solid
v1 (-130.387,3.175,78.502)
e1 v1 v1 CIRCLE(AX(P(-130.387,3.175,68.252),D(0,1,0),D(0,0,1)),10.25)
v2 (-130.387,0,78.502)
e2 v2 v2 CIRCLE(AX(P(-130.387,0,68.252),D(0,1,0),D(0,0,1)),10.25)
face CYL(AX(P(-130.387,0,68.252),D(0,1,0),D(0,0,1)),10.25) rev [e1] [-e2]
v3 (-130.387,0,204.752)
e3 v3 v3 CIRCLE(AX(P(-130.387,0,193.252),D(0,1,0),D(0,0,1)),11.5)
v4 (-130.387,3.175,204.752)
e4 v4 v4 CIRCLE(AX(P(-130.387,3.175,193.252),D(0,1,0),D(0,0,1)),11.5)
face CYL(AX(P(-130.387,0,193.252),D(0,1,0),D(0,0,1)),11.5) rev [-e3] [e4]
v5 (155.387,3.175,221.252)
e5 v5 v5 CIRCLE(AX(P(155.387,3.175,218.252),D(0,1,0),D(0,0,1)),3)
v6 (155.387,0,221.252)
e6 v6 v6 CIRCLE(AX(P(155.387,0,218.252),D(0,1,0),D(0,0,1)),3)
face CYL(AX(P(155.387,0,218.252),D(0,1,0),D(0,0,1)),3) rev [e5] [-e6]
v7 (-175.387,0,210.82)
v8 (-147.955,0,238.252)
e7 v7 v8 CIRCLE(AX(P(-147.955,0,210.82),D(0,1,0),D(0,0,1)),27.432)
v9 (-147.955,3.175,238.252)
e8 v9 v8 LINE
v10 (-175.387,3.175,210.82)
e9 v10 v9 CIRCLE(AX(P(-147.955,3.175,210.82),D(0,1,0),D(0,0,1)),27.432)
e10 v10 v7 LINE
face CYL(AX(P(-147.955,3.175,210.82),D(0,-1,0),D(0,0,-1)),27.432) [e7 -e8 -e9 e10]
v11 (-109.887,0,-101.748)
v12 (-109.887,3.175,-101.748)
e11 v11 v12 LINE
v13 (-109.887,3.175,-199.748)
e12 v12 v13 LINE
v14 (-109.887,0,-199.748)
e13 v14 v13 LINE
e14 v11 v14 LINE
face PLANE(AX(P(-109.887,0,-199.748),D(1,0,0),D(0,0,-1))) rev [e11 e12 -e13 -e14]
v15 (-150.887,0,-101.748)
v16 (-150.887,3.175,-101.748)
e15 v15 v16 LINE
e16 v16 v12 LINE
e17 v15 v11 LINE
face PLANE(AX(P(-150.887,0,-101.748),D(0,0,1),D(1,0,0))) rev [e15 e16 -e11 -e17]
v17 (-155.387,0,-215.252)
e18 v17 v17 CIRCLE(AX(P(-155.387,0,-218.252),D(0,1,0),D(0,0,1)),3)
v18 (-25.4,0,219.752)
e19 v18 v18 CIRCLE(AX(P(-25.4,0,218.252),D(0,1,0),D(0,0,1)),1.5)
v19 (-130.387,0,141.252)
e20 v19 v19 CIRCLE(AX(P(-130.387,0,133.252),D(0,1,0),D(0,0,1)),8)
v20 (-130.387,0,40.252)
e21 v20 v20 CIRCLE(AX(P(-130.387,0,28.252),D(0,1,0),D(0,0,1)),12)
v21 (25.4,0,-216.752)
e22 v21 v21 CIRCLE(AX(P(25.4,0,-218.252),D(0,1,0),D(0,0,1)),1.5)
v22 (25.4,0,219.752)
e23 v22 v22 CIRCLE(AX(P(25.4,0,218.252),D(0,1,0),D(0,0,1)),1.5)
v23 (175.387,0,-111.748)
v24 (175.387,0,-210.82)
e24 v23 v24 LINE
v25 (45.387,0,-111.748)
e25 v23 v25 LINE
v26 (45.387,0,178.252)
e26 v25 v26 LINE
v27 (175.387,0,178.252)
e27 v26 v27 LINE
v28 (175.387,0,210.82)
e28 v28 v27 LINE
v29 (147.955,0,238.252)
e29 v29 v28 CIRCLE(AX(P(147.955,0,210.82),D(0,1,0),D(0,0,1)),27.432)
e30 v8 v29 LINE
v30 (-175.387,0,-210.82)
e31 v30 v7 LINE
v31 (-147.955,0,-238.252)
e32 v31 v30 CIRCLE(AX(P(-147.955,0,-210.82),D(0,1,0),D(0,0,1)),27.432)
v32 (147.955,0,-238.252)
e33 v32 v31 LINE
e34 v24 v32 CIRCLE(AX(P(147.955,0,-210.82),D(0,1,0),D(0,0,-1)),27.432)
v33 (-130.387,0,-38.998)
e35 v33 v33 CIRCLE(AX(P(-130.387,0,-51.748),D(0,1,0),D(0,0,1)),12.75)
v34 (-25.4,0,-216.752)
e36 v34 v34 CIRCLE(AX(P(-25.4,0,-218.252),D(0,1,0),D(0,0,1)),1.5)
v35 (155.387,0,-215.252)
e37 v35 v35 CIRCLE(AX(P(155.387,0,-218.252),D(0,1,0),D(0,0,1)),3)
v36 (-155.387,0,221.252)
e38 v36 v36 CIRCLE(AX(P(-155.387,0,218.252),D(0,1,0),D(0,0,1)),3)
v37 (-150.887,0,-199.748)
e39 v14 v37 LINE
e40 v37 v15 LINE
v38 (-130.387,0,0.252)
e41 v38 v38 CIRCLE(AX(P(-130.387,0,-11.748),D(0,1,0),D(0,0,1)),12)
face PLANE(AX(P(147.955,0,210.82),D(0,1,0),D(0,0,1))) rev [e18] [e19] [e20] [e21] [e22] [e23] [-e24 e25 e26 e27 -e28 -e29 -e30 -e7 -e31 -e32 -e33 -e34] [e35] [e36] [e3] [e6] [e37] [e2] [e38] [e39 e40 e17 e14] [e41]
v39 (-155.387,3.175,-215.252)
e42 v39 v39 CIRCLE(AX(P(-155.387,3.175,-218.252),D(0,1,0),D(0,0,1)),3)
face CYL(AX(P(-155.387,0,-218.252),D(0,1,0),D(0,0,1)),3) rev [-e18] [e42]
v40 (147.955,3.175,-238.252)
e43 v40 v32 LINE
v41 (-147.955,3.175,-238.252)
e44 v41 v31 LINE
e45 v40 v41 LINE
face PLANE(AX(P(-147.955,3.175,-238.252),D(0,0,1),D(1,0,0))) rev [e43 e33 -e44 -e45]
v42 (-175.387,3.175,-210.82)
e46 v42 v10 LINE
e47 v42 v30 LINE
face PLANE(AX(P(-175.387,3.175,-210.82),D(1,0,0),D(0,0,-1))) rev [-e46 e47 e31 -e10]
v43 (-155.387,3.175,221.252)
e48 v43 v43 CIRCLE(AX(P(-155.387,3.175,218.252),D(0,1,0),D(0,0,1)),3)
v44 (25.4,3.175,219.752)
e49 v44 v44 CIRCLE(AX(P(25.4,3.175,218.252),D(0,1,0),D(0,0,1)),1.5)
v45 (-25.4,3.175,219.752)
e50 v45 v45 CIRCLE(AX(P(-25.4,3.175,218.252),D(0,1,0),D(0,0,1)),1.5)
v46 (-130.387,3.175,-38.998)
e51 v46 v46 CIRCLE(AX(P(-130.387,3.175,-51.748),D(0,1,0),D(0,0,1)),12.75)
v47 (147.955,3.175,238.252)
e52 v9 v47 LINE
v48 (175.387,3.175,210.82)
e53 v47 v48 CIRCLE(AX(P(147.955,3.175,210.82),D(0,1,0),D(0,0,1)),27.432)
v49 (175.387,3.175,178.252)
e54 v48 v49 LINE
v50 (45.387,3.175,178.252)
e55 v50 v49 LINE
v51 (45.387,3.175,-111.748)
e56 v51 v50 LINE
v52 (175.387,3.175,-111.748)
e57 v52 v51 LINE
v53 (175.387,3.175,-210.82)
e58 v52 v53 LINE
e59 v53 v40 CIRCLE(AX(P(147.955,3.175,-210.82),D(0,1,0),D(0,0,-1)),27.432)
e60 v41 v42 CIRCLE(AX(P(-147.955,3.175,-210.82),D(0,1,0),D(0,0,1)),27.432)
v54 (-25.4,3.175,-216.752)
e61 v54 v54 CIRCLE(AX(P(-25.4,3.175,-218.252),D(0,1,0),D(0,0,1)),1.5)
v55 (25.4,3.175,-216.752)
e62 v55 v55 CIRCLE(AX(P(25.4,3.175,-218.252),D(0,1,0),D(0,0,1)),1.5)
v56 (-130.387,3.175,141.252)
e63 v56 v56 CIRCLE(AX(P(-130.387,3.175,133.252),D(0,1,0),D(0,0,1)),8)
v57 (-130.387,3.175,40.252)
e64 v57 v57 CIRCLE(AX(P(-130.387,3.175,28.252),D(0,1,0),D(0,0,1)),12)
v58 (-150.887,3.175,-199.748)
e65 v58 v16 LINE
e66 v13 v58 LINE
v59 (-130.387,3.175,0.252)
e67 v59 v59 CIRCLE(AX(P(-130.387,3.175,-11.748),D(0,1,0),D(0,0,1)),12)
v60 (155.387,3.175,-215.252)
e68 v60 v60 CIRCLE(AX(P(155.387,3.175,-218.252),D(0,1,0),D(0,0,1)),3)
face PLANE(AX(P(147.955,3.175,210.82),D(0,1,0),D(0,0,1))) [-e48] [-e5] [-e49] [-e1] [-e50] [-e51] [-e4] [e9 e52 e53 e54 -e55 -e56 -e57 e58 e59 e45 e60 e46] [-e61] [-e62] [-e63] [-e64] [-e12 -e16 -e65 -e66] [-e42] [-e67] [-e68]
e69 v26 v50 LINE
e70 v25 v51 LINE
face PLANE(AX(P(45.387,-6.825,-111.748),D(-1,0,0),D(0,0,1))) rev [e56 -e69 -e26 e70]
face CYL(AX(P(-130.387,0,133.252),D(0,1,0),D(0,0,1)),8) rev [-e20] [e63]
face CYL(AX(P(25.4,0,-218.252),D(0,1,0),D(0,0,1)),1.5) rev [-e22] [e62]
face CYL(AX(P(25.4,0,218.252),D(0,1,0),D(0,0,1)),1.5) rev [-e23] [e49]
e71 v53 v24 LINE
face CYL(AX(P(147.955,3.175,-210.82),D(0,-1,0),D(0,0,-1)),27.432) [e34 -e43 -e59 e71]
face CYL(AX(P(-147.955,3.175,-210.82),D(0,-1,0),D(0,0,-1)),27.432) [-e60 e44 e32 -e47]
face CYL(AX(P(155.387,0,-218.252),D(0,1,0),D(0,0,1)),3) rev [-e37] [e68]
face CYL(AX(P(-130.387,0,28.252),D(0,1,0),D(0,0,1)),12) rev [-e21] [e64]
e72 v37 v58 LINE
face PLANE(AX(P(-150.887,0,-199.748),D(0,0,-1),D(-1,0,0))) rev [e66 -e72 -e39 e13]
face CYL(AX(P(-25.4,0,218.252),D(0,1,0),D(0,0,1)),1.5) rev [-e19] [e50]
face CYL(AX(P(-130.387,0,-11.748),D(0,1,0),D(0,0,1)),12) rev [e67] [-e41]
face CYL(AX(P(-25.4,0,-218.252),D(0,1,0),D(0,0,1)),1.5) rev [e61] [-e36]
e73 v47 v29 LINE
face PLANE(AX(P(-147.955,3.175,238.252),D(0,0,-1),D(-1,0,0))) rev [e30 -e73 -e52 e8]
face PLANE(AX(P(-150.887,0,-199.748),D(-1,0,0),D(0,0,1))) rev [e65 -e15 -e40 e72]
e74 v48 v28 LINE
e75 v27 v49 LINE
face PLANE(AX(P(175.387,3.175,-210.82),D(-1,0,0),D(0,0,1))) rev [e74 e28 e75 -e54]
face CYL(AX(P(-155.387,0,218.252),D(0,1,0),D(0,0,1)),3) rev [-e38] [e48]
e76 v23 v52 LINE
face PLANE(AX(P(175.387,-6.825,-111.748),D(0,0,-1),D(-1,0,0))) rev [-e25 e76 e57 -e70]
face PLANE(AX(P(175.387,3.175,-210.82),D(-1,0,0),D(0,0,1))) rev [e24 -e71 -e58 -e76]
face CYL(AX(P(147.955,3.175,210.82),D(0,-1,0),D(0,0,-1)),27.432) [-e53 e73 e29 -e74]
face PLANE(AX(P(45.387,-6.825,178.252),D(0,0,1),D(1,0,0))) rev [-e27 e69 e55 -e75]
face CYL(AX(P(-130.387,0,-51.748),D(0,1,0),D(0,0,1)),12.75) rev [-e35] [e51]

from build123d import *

# Parameters (mm, degrees)
BOSS_EXTRUDE1_DEPTH = 3.175
SKETCH2_W           = 130
SKETCH2_H           = 290
CUT_EXTRUDE1_DEPTH  = 10
SKETCH3_R           = 11.5
SKETCH3_R_2         = 8
SKETCH3_R_3         = 10.25
SKETCH3_R_4         = 12
SKETCH3_R_5         = 12.75
SKETCH3_R_6         = 3
SKETCH3_R_7         = 1.5
SKETCH3_W           = 41
SKETCH3_H           = 98
CUT_EXTRUDE2_DEPTH  = 296.862630114


with BuildPart() as part:
    # Sketch1 → Boss-Extrude1 (new body)
    with BuildSketch(Plane(origin=(0, 0, 0), x_dir=(1, 0, 0), z_dir=(0, 1, 0))):
        with BuildLine():
            Line((-147.955, 238.252), (147.955, 238.252))
            ThreePointArc((147.955, 238.252), (167.352353222, 230.217353222), (175.387, 210.82))
            Line((175.387, 210.82), (175.387, -210.82))
            ThreePointArc((175.387, -210.82), (167.352353222, -230.217353222), (147.955, -238.252))
            Line((147.955, -238.252), (-147.955, -238.252))
            ThreePointArc((-147.955, -238.252), (-167.352353222, -230.217353222), (-175.387, -210.82))
            Line((-175.387, -210.82), (-175.387, 210.82))
            ThreePointArc((-175.387, 210.82), (-167.352353222, 230.217353222), (-147.955, 238.252))
        make_face()
    extrude(amount=BOSS_EXTRUDE1_DEPTH)

    # Sketch2 → Cut-Extrude1 (cut)
    with BuildSketch(Plane(origin=(0, 3.175, 0), x_dir=(1, 0, 0), z_dir=(0, 1, 0))):
        with Locations((110.387, -33.252)):
            Rectangle(SKETCH2_W, SKETCH2_H)
    extrude(amount=-CUT_EXTRUDE1_DEPTH, mode=Mode.SUBTRACT)

    # Sketch3 → Cut-Extrude2 (cut, through all)
    with BuildSketch(Plane(origin=(0, 3.175, 0), x_dir=(1, 0, 0), z_dir=(0, 1, 0))):
        with Locations(Location((-130.387, -193.252, 0), (0, 0, 270))):
            Circle(SKETCH3_R)
        with Locations(Location((-130.387, -133.252, 0), (0, 0, 270))):
            Circle(SKETCH3_R_2)
        with Locations(Location((-130.387, -68.252, 0), (0, 0, 270))):
            Circle(SKETCH3_R_3)
        with Locations(Location((-130.387, -28.252, 0), (0, 0, 270))):
            Circle(SKETCH3_R_4)
        with Locations(Location((-130.387, 11.748, 0), (0, 0, 270))):
            Circle(SKETCH3_R_4)
        with Locations(Location((-130.387, 51.748, 0), (0, 0, 270))):
            Circle(SKETCH3_R_5)
        with Locations(Location((155.387, 218.252, 0), (0, 0, 270))):
            Circle(SKETCH3_R_6)
        with Locations(Location((155.387, -218.252, 0), (0, 0, 270))):
            Circle(SKETCH3_R_6)
        with Locations(Location((-155.387, -218.252, 0), (0, 0, 270))):
            Circle(SKETCH3_R_6)
        with Locations(Location((-155.387, 218.252, 0), (0, 0, 270))):
            Circle(SKETCH3_R_6)
        with Locations(Location((-25.4, 218.252, 0), (0, 0, 270))):
            Circle(SKETCH3_R_7)
        with Locations(Location((25.4, 218.252, 0), (0, 0, 270))):
            Circle(SKETCH3_R_7)
        with Locations(Location((-25.4, -218.252, 0), (0, 0, 270))):
            Circle(SKETCH3_R_7)
        with Locations(Location((25.4, -218.252, 0), (0, 0, 270))):
            Circle(SKETCH3_R_7)
        with Locations((-130.387, 150.748)):
            Rectangle(SKETCH3_W, SKETCH3_H)
    extrude(amount=-CUT_EXTRUDE2_DEPTH, mode=Mode.SUBTRACT)


solid = part.part
